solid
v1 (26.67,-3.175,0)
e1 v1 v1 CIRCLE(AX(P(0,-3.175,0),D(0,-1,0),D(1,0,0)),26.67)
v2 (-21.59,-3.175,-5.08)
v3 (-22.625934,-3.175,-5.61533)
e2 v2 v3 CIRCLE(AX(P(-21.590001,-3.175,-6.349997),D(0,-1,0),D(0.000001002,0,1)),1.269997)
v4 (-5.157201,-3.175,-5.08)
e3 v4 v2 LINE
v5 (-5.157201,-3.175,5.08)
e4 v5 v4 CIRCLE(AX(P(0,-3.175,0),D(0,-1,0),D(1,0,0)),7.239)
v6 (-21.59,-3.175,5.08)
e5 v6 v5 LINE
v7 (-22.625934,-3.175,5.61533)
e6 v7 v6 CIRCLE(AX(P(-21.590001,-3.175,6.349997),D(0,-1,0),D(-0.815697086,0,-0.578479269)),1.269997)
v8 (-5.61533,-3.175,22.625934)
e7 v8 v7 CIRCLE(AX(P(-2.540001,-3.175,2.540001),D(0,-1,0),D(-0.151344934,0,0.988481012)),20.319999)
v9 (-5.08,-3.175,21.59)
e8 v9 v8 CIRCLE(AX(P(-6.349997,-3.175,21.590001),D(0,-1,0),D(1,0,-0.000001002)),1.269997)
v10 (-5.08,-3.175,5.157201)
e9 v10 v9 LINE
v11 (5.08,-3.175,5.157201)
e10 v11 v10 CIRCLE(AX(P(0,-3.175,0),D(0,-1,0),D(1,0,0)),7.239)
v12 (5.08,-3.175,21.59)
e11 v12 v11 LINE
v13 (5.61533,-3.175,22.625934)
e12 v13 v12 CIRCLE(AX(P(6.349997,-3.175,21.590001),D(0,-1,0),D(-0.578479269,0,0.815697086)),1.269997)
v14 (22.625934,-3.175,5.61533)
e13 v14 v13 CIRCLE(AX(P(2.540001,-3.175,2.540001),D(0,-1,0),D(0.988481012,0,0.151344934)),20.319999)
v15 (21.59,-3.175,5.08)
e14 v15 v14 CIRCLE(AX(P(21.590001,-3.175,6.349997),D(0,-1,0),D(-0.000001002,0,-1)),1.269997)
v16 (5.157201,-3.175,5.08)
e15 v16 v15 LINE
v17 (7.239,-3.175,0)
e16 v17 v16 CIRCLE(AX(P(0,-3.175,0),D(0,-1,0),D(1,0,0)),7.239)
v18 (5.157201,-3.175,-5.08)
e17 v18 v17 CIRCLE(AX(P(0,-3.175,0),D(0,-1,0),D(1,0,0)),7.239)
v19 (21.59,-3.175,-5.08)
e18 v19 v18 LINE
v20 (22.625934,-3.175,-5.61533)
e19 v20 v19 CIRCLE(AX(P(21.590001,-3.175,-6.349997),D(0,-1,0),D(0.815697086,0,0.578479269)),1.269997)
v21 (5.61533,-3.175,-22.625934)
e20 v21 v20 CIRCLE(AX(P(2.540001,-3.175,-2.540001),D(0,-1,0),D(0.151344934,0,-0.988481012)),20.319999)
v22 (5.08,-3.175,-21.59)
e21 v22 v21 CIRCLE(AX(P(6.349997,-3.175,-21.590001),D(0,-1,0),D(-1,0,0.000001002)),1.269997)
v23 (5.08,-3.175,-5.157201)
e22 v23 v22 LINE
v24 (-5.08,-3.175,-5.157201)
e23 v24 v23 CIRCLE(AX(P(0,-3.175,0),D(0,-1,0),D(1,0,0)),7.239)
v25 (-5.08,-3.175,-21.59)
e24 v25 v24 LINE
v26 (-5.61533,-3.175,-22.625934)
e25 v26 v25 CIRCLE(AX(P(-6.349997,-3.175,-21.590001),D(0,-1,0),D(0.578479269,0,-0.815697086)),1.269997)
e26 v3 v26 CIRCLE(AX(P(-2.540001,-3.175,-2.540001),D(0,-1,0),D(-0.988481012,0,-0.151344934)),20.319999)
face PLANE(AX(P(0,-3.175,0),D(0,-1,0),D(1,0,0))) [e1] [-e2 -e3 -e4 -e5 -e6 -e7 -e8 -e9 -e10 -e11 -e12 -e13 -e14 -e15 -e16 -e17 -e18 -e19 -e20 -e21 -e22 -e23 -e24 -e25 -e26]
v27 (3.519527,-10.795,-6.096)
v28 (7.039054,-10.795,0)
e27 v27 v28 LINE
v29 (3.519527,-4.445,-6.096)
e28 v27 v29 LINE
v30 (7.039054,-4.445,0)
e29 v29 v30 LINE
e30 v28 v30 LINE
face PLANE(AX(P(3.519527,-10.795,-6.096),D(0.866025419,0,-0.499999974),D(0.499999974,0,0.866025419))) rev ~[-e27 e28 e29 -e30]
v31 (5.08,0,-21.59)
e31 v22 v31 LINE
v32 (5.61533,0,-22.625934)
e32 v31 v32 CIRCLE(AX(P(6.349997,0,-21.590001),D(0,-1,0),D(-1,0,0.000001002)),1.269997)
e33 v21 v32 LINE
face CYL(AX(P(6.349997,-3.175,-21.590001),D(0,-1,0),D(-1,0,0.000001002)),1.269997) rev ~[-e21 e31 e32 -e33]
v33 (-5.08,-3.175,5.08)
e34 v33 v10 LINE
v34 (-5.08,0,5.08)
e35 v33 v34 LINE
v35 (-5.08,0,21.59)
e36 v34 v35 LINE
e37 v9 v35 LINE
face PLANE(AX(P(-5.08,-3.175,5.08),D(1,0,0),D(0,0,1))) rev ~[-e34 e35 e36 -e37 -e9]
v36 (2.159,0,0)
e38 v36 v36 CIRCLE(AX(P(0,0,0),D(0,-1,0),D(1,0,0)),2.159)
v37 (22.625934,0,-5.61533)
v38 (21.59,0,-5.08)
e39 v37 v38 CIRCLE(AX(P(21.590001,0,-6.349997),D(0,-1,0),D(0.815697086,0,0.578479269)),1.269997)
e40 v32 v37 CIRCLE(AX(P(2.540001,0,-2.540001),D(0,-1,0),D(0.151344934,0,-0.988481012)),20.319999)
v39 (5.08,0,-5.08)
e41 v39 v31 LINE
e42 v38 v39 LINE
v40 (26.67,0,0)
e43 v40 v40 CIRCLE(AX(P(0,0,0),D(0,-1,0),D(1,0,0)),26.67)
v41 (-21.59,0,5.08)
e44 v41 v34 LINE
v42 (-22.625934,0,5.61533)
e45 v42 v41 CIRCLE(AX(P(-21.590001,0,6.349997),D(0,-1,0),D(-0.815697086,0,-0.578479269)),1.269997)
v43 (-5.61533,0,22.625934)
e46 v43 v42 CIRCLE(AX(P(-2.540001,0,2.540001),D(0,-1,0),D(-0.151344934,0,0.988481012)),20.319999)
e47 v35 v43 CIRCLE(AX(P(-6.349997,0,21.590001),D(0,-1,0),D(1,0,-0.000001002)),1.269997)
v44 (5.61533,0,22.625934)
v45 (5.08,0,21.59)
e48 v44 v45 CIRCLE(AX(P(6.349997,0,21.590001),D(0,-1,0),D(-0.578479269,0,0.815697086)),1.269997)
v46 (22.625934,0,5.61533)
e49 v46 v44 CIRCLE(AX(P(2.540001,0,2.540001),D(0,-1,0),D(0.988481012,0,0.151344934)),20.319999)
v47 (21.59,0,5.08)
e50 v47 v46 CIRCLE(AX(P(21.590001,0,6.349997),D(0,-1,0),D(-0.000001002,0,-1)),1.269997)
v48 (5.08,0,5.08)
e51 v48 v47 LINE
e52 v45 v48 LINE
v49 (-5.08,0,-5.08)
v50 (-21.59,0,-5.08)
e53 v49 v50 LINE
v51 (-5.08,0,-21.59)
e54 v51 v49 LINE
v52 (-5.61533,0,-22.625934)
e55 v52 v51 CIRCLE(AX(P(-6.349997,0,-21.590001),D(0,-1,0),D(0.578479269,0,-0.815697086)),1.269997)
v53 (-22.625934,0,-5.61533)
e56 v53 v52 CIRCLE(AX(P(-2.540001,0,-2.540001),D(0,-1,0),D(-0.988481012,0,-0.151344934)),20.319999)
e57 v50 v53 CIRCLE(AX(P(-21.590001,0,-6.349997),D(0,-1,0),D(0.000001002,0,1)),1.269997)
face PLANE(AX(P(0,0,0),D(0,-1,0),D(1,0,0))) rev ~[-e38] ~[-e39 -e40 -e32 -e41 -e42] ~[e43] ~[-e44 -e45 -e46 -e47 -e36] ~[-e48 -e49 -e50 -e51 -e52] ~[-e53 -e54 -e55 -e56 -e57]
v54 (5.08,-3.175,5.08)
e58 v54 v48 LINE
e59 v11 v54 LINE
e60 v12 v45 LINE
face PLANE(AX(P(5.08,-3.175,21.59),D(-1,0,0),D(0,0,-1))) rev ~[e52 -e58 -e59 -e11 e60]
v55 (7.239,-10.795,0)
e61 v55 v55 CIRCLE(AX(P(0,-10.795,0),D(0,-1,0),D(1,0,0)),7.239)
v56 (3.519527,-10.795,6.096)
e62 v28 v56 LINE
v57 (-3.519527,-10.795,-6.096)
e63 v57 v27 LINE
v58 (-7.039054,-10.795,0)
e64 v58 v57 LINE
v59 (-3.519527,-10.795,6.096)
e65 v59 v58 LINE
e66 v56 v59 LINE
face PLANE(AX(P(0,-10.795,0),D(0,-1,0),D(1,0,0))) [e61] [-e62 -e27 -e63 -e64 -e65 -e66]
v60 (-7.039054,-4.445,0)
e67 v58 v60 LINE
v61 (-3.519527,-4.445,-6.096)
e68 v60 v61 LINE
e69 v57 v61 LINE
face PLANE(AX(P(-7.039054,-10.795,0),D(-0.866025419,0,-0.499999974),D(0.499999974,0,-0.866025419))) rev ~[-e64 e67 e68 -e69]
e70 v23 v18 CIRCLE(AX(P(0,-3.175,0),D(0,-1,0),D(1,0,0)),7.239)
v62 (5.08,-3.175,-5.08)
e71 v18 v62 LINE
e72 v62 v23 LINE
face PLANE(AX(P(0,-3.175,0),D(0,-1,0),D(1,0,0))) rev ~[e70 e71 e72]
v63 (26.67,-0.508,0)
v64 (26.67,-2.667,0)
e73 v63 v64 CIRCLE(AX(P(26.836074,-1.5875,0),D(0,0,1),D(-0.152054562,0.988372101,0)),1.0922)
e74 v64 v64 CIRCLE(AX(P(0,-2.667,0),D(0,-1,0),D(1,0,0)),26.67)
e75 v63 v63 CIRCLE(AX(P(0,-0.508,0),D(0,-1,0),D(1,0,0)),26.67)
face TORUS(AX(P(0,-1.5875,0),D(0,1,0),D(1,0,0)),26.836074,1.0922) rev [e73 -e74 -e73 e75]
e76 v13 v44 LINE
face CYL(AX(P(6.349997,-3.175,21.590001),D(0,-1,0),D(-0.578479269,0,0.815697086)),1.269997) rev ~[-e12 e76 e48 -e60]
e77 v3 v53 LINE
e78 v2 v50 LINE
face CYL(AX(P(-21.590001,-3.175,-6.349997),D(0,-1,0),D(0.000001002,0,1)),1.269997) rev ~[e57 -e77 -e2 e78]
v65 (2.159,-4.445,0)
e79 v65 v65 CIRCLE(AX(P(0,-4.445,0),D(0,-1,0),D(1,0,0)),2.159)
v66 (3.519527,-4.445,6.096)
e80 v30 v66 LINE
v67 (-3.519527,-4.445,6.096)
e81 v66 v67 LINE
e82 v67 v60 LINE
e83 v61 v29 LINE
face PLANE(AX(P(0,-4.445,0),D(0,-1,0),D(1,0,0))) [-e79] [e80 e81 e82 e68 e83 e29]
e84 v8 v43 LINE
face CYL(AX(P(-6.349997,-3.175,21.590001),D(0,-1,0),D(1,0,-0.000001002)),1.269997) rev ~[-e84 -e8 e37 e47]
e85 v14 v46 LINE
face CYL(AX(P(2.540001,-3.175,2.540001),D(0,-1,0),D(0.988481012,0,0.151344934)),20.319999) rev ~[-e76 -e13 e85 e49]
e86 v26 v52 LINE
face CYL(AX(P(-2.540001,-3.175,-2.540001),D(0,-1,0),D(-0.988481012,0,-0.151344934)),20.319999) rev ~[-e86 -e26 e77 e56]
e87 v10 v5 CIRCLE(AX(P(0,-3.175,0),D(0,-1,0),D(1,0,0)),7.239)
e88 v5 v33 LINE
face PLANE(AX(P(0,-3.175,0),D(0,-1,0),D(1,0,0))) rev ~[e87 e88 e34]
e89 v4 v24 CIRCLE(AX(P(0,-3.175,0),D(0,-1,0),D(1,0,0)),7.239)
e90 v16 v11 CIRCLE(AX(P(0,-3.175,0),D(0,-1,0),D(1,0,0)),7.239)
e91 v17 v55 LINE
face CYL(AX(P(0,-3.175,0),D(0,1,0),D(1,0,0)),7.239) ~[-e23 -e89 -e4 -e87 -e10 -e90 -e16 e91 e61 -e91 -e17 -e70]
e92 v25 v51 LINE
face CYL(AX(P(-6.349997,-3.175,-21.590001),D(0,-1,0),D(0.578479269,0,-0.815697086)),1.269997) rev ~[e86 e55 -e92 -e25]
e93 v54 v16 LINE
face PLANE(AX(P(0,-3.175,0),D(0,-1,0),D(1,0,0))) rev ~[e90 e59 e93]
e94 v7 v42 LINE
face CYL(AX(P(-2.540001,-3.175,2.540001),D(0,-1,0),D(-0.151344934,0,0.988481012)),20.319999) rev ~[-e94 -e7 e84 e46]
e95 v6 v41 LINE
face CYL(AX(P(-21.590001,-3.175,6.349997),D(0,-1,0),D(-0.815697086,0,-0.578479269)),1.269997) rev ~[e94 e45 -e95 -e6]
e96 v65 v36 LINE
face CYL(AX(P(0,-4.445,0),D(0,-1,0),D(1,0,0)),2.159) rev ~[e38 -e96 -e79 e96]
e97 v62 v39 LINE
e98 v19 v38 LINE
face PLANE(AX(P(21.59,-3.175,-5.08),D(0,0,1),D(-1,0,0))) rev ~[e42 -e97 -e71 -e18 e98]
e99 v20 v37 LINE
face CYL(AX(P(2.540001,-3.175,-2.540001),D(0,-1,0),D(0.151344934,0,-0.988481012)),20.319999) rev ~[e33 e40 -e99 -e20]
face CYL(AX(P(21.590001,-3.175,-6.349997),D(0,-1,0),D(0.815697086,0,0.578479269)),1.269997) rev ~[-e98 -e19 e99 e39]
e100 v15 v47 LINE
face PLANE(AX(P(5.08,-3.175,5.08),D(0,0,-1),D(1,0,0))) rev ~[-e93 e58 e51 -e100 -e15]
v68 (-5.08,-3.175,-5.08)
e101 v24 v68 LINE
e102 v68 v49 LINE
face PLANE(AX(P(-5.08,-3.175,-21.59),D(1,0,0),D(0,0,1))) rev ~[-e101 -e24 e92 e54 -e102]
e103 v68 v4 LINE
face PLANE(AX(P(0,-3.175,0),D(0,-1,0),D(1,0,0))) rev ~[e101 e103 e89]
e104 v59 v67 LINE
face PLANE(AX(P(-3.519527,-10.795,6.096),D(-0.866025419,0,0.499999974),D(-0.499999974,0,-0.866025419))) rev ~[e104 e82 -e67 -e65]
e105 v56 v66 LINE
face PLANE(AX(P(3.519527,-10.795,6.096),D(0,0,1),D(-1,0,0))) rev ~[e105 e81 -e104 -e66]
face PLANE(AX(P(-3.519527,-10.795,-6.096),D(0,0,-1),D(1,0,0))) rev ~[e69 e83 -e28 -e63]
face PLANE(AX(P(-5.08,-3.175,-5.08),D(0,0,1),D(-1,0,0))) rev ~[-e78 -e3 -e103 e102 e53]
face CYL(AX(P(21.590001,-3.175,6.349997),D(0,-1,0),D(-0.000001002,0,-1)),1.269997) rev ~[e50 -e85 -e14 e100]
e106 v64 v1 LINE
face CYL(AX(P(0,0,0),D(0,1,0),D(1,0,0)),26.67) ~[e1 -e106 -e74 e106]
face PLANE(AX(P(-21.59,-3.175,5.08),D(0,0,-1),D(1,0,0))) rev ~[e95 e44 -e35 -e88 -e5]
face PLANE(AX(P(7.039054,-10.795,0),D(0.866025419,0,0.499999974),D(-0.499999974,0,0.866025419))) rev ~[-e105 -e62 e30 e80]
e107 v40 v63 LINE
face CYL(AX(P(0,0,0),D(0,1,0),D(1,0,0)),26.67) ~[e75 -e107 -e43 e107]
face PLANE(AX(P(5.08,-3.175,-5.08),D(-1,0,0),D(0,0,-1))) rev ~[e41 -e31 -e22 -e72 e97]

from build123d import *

# Parameters (mm, degrees)
F0_R     = 26.67
F1_DEPTH = 3.175
F3_DEPTH = 25.4
F4_R     = 7.239
F5_DEPTH = 7.62
F7_DEPTH = 6.35
F8_R     = 2.159
F9_DEPTH = 25.4


with BuildPart() as f1:
    # F0 (on Front) → F1 (new body)
    with BuildSketch(Plane.XZ):
        Circle(F0_R)
    extrude(amount=F1_DEPTH)

    # F2 (on face) → F3 (cut)
    with BuildSketch(Plane.XZ.offset(3.175)):
        with BuildLine():
            Line((-21.59, 5.08), (-5.08, 5.08))
            Line((-5.08, 5.08), (-5.08, 21.59))
            ThreePointArc((-5.08, 21.59), (-5.221742, 22.173039), (-5.61533, 22.625934))
            ThreePointArc((-5.61533, 22.625934), (-16.90841, 16.90841), (-22.625934, 5.61533))
            ThreePointArc((-22.625934, 5.61533), (-22.173039, 5.221742), (-21.59, 5.08))
        make_face()
        with BuildLine():
            ThreePointArc((-21.59, -5.08), (-22.173039, -5.221742), (-22.625934, -5.61533))
            ThreePointArc((-22.625934, -5.61533), (-16.90841, -16.90841), (-5.61533, -22.625934))
            ThreePointArc((-5.61533, -22.625934), (-5.221742, -22.173039), (-5.08, -21.59))
            Line((-5.08, -21.59), (-5.08, -5.08))
            Line((-5.08, -5.08), (-21.59, -5.08))
        make_face()
        with BuildLine():
            ThreePointArc((5.08, -21.59), (5.221742, -22.173039), (5.61533, -22.625934))
            ThreePointArc((5.61533, -22.625934), (16.90841, -16.90841), (22.625934, -5.61533))
            ThreePointArc((22.625934, -5.61533), (22.173039, -5.221742), (21.59, -5.08))
            Line((21.59, -5.08), (5.08, -5.08))
            Line((5.08, -5.08), (5.08, -21.59))
        make_face()
        with BuildLine():
            ThreePointArc((21.59, 5.08), (22.173039, 5.221742), (22.625934, 5.61533))
            ThreePointArc((22.625934, 5.61533), (16.90841, 16.90841), (5.61533, 22.625934))
            ThreePointArc((5.61533, 22.625934), (5.221742, 22.173039), (5.08, 21.59))
            Line((5.08, 21.59), (5.08, 5.08))
            Line((5.08, 5.08), (21.59, 5.08))
        make_face()
    extrude(amount=-F3_DEPTH, mode=Mode.SUBTRACT)

    # F4 (on face) → F5 (join)
    with BuildSketch(Plane.XZ.offset(3.175)):
        Circle(F4_R)
    extrude(amount=F5_DEPTH)

    # F6 (on face) → F7 (cut)
    with BuildSketch(Plane.XZ.offset(10.795)):
        Polygon((3.519527, -6.096), (7.039054, 0), (3.519527, 6.096), (-3.519527, 6.096), (-7.039054, 0), (-3.519527, -6.096), align=None)
    extrude(amount=-F7_DEPTH, mode=Mode.SUBTRACT)

    # F8 (on face) → F9 (cut)
    with BuildSketch(Plane.XZ.offset(4.445)):
        Circle(F8_R)
    extrude(amount=-F9_DEPTH, mode=Mode.SUBTRACT)

    # F10 (on Top) → F11 (revolve, cut)
    with BuildSketch(Plane.XY):
        with BuildLine():
            Line((26.67, -2.667), (26.67, -0.508))
            ThreePointArc((26.67, -0.508), (25.743874, -1.5875), (26.67, -2.667))
        make_face()
    revolve(axis=Axis((0, -1.5875, 0), (0, -1, 0)), mode=Mode.SUBTRACT)


solid = f1.part
